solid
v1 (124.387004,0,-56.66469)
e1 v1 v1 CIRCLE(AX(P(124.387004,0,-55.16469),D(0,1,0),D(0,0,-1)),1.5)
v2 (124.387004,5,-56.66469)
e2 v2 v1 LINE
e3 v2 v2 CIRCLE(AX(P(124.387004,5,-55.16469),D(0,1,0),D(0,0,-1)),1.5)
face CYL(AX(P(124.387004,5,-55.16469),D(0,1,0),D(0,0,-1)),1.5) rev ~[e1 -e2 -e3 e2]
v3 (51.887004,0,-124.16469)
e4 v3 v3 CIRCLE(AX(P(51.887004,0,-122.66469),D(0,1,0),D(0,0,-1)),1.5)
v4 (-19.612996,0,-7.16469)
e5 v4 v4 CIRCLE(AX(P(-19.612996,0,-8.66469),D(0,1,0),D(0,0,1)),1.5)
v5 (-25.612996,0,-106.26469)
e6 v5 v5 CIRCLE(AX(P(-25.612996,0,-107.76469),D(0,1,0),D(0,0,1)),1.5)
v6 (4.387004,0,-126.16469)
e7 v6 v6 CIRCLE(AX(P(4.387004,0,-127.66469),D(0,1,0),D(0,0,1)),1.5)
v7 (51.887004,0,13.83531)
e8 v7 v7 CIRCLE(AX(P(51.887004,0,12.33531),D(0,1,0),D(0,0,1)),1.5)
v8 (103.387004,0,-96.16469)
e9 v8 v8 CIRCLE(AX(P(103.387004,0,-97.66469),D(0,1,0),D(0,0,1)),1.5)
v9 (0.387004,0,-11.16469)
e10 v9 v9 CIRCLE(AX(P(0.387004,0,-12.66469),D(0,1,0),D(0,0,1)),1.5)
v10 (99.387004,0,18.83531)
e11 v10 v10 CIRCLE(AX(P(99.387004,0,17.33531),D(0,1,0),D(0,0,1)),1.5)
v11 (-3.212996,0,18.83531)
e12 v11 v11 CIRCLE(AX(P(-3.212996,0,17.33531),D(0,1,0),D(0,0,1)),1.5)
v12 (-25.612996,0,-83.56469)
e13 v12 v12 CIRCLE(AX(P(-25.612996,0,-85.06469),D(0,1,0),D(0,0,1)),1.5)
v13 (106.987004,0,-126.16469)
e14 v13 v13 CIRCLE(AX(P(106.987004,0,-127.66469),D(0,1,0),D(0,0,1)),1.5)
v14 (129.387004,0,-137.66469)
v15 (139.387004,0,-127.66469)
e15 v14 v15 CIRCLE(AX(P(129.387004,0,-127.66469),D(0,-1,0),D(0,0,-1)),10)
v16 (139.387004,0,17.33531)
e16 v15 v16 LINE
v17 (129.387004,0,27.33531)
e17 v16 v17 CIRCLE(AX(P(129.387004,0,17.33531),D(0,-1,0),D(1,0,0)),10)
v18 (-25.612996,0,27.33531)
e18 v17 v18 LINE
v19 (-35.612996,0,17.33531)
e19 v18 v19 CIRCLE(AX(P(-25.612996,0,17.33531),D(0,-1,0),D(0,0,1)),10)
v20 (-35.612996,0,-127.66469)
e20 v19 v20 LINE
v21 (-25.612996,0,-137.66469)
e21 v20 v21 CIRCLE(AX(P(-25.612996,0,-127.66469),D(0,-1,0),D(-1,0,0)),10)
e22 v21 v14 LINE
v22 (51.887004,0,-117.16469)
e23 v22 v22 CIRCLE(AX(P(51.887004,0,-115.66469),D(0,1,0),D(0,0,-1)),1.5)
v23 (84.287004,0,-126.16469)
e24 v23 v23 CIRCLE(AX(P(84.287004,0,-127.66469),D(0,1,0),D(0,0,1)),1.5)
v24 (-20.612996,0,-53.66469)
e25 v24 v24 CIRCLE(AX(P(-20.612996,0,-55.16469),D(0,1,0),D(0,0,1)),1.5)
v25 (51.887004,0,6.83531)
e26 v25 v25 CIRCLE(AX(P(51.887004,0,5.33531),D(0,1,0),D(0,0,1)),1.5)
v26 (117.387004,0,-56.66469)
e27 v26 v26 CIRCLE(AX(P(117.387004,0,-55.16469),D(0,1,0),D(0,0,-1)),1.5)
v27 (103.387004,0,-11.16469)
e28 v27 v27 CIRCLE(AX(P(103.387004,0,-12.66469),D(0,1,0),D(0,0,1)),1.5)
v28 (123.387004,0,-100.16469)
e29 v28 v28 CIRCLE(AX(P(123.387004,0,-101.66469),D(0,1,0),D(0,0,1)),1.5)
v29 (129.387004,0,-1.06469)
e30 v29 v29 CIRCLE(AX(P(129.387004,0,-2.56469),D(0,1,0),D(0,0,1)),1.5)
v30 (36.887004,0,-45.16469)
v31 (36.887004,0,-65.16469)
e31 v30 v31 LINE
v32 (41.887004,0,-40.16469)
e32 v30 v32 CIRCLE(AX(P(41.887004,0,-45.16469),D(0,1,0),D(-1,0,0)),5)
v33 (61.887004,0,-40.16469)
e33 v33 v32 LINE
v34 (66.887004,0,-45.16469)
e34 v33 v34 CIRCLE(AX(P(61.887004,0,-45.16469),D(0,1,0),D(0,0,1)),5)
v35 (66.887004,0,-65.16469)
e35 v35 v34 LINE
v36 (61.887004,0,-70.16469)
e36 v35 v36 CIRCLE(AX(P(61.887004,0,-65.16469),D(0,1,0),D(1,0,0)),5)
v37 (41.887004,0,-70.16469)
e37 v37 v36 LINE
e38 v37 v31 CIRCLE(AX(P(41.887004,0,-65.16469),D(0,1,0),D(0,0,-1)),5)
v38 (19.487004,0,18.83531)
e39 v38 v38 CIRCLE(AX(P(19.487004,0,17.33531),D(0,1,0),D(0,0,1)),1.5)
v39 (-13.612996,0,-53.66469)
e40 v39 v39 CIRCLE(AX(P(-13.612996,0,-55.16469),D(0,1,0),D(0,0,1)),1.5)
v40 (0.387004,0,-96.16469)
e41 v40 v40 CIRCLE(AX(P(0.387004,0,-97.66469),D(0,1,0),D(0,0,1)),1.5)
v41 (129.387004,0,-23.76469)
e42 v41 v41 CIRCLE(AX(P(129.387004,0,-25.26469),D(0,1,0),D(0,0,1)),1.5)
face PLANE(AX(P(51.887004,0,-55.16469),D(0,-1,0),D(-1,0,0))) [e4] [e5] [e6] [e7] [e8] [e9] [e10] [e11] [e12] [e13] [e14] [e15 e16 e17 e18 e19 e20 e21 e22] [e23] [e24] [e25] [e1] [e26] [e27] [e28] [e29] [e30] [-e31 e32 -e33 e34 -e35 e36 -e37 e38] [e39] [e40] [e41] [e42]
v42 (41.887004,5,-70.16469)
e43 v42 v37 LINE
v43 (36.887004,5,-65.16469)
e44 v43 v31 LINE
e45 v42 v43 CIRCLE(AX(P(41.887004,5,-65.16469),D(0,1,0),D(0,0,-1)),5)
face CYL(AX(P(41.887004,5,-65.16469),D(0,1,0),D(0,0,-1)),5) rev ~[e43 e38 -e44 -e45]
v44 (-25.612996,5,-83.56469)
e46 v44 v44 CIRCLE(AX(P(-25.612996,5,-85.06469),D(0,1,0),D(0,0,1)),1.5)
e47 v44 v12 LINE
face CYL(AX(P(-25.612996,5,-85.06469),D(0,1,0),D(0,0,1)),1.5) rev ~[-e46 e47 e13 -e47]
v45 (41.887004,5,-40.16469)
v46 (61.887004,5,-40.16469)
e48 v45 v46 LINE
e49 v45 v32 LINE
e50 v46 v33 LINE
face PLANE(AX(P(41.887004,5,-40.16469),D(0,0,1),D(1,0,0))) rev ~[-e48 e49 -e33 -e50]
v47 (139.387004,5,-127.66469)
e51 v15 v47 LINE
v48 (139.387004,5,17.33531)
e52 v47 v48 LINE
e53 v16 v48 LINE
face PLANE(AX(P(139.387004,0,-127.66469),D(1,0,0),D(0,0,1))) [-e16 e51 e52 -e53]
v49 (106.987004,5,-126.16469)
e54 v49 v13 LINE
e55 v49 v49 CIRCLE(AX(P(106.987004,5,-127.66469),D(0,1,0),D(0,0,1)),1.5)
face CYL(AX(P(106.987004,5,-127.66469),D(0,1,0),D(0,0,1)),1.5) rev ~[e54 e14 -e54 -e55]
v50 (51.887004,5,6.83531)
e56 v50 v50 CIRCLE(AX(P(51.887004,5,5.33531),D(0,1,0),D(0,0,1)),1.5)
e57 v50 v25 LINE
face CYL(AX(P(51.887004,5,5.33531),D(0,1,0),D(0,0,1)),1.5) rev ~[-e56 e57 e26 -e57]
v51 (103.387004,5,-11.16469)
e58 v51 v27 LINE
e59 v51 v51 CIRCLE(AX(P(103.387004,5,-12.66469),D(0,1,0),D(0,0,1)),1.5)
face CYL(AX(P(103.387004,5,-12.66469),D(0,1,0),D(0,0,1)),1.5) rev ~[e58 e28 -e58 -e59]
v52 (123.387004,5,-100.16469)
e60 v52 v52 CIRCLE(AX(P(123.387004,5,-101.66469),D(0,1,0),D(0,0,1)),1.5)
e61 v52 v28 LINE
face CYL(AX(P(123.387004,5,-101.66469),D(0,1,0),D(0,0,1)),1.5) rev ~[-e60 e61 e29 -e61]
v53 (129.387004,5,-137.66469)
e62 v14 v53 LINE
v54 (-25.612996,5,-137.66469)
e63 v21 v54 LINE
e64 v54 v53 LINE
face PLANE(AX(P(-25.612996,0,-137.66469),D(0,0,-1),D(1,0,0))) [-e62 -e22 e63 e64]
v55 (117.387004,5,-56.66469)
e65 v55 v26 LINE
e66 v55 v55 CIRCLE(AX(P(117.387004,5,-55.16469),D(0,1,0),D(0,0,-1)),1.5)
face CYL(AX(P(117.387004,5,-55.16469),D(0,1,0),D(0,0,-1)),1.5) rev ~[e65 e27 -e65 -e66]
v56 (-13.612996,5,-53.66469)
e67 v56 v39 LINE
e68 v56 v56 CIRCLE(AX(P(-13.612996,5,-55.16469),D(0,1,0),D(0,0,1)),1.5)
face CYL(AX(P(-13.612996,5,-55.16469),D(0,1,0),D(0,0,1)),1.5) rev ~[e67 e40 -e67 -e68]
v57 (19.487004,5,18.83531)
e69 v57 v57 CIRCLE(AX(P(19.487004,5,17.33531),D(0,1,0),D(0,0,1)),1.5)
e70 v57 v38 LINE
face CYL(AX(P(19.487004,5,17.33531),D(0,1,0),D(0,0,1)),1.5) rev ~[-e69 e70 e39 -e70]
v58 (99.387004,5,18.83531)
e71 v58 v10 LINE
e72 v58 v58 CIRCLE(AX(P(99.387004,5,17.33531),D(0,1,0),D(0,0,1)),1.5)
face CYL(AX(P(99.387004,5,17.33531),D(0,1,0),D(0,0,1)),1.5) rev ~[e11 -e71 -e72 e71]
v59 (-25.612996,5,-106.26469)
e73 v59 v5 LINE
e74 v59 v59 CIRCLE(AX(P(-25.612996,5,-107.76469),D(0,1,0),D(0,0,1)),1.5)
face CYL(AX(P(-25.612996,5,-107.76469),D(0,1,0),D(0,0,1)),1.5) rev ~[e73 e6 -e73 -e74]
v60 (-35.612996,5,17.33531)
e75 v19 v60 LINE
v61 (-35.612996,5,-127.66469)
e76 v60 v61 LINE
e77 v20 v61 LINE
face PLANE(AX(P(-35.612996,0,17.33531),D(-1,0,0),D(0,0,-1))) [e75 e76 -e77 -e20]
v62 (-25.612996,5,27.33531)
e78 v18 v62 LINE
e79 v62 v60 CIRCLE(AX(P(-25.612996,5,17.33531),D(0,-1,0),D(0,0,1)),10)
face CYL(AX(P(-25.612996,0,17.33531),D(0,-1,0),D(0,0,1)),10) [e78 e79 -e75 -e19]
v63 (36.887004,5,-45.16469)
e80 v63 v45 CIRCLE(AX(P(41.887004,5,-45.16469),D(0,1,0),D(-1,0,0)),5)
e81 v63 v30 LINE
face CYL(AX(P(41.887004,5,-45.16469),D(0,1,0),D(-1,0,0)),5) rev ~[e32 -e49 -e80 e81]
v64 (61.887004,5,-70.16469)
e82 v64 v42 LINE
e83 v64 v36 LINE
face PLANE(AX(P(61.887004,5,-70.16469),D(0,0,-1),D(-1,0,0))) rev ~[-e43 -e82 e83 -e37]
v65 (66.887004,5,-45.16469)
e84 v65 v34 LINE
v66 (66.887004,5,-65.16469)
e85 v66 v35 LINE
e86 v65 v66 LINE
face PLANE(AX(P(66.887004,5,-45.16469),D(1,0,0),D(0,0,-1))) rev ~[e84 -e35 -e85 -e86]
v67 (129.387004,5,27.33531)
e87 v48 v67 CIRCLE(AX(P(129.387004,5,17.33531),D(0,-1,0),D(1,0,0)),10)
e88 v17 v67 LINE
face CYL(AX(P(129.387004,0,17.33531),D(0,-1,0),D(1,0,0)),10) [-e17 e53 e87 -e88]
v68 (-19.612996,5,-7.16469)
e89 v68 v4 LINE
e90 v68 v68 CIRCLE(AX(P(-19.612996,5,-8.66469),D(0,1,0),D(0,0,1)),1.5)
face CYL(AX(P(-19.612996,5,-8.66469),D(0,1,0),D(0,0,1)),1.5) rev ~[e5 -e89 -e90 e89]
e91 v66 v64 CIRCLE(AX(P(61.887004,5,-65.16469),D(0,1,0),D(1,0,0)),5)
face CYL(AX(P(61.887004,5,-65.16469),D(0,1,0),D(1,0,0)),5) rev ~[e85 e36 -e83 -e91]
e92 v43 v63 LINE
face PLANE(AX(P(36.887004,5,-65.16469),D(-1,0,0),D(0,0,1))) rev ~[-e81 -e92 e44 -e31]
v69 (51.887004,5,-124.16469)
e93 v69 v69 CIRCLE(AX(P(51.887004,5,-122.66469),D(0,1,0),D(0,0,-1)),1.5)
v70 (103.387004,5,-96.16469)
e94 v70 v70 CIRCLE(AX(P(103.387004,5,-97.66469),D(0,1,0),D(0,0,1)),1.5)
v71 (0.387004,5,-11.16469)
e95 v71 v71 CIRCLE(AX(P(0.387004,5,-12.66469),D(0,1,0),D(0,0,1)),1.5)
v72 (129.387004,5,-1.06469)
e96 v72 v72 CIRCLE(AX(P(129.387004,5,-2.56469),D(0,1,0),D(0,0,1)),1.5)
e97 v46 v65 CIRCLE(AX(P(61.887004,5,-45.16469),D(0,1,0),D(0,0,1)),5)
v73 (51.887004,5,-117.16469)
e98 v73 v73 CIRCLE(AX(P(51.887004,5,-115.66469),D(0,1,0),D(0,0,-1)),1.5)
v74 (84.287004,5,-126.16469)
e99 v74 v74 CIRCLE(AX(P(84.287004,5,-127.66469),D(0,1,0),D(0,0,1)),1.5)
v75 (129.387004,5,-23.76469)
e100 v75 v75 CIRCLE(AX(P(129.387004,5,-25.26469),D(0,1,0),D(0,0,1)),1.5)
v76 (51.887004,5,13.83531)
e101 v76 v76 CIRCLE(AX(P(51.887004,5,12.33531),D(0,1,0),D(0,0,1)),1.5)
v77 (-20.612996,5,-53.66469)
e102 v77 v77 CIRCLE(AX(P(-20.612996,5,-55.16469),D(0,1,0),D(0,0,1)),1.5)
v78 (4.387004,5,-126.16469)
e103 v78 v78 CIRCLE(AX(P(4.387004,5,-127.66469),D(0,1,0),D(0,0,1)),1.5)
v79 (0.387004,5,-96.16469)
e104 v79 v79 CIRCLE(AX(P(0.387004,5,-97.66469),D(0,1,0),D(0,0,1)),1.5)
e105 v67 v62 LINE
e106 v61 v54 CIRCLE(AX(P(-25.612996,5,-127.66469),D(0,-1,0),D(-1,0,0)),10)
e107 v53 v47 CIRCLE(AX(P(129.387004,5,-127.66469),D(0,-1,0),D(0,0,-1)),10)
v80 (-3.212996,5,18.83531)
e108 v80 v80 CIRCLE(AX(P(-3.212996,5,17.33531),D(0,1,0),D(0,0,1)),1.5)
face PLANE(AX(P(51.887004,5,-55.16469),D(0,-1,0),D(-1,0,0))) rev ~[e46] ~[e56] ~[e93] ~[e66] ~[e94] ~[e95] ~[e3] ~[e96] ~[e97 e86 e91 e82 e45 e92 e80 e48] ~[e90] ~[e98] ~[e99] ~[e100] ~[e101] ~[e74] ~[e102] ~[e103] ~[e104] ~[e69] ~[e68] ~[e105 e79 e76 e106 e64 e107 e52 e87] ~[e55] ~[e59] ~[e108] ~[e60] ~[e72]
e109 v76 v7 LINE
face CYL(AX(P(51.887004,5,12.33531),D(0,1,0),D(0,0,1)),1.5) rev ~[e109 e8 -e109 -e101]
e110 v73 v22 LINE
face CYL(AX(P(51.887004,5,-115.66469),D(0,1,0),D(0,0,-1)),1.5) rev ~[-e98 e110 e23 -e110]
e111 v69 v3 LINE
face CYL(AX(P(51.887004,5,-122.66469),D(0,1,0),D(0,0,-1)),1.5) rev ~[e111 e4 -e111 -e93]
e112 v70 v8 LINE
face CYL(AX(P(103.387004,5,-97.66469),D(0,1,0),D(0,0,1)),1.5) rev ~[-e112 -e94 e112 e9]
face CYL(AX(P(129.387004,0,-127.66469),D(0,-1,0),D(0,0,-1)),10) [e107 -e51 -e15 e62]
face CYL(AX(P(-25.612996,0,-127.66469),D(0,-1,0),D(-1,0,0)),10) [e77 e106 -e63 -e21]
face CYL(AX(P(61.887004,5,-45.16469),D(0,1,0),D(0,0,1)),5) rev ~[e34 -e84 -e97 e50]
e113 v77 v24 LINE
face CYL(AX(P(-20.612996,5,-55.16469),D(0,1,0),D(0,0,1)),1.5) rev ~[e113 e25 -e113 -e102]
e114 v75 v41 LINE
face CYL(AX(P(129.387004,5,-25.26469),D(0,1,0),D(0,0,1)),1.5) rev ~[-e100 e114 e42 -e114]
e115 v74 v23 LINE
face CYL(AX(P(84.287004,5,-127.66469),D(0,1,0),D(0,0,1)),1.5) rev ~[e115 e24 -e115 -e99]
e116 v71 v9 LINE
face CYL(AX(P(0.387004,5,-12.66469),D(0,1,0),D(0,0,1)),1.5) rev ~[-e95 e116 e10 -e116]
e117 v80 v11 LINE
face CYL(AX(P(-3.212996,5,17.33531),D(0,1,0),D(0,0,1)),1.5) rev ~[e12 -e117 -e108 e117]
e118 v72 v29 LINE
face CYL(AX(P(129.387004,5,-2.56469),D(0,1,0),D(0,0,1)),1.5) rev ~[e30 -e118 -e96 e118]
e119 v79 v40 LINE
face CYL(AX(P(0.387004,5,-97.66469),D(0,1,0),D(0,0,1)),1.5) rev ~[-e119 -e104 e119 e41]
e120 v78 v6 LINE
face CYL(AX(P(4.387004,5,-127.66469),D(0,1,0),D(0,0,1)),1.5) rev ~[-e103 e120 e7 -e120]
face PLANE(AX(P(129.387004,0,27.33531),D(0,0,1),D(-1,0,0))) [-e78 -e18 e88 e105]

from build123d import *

# Parameters (mm, degrees)
RESSALTO_EXTRUS_O1_DEPTH = 5
ESBO_O2_R                = 1.5
CORTE_EXTRUS_O1_DEPTH    = 10
ESBO_O3_R                = 1.5
CORTE_EXTRUS_O2_DEPTH    = 15
ESBO_O4_R                = 1.5
CORTE_EXTRUS_O3_DEPTH    = 10
CORTE_EXTRUS_O4_DEPTH    = 10
ESBO_O6_R                = 1.5
CORTE_EXTRUS_O5_DEPTH    = 10


with BuildPart() as part:
    # Esboço1 → Ressalto-extrusão1 (new body)
    with BuildSketch(Plane(origin=(0, 0, 0), x_dir=(1, 0, 0), z_dir=(0, 1, 0))):
        with BuildLine():
            Line((-25.612995536, 137.664689841), (129.387004464, 137.664689841))
            ThreePointArc((129.387004464, 137.664689841), (136.458072276, 134.735757653), (139.387004464, 127.664689841))
            Line((139.387004464, 127.664689841), (139.387004464, -17.335310159))
            ThreePointArc((139.387004464, -17.335310159), (136.458072276, -24.406377971), (129.387004464, -27.335310159))
            Line((129.387004464, -27.335310159), (-25.612995536, -27.335310159))
            ThreePointArc((-25.612995536, -27.335310159), (-32.684063348, -24.406377971), (-35.612995536, -17.335310159))
            Line((-35.612995536, -17.335310159), (-35.612995536, 127.664689841))
            ThreePointArc((-35.612995536, 127.664689841), (-32.684063348, 134.735757653), (-25.612995536, 137.664689841))
        make_face()
    extrude(amount=RESSALTO_EXTRUS_O1_DEPTH)

    # Esboço2 → Corte-extrusão1 (cut)
    with BuildSketch(Plane(origin=(0, 5, 0), x_dir=(1, 0, 0), z_dir=(0, 1, 0))):
        with Locations(Location((0.387004464, 97.664689841, 0), (0, 0, 270))):
            Circle(ESBO_O2_R)
        with Locations(Location((103.387004464, 97.664689841, 0), (0, 0, 270))):
            Circle(ESBO_O2_R)
        with Locations(Location((0.387004464, 12.664689841, 0), (0, 0, 270))):
            Circle(ESBO_O2_R)
        with Locations(Location((103.387004464, 12.664689841, 0), (0, 0, 270))):
            Circle(ESBO_O2_R)
    extrude(amount=-CORTE_EXTRUS_O1_DEPTH, mode=Mode.SUBTRACT)

    # Esboço3 → Corte-extrusão2 (cut)
    with BuildSketch(Plane(origin=(0, 5, 0), x_dir=(1, 0, 0), z_dir=(0, 1, 0))):
        with Locations(Location((51.887004464, -5.335310159, 0), (0, 0, 270))):
            Circle(ESBO_O3_R)
        with Locations(Location((51.887004464, -12.335310159, 0), (0, 0, 270))):
            Circle(ESBO_O3_R)
        with Locations(Location((-20.612995536, 55.164689841, 0), (0, 0, 270))):
            Circle(ESBO_O3_R)
        with Locations(Location((-13.612995536, 55.164689841, 0), (0, 0, 270))):
            Circle(ESBO_O3_R)
        with Locations(Location((51.887004464, 122.664689841, 0), (0, 0, 90))):
            Circle(ESBO_O3_R)
        with Locations(Location((51.887004464, 115.664689841, 0), (0, 0, 90))):
            Circle(ESBO_O3_R)
        with Locations(Location((124.387004464, 55.164689841, 0), (0, 0, 90))):
            Circle(ESBO_O3_R)
        with Locations(Location((117.387004464, 55.164689841, 0), (0, 0, 90))):
            Circle(ESBO_O3_R)
    extrude(amount=-CORTE_EXTRUS_O2_DEPTH, mode=Mode.SUBTRACT)

    # Esboço4 → Corte-extrusão3 (cut)
    with BuildSketch(Plane(origin=(0, 5, 0), x_dir=(1, 0, 0), z_dir=(0, 1, 0))):
        with Locations(Location((-3.212995536, -17.335310159, 0), (0, 0, 270))):
            Circle(ESBO_O4_R)
        with Locations(Location((19.487004464, -17.335310159, 0), (0, 0, 270))):
            Circle(ESBO_O4_R)
        with Locations(Location((-25.612995536, 107.764689841, 0), (0, 0, 270))):
            Circle(ESBO_O4_R)
        with Locations(Location((-25.612995536, 85.064689841, 0), (0, 0, 270))):
            Circle(ESBO_O4_R)
        with Locations(Location((106.987004464, 127.664689841, 0), (0, 0, 270))):
            Circle(ESBO_O4_R)
        with Locations(Location((84.287004464, 127.664689841, 0), (0, 0, 270))):
            Circle(ESBO_O4_R)
        with Locations(Location((129.387004464, 2.564689841, 0), (0, 0, 270))):
            Circle(ESBO_O4_R)
        with Locations(Location((129.387004464, 25.264689841, 0), (0, 0, 270))):
            Circle(ESBO_O4_R)
    extrude(amount=-CORTE_EXTRUS_O3_DEPTH, mode=Mode.SUBTRACT)

    # Esboço5 → Corte-extrusão4 (cut)
    with BuildSketch(Plane(origin=(0, 5, 0), x_dir=(1, 0, 0), z_dir=(0, 1, 0))):
        with BuildLine():
            Line((41.887004464, 40.164689841), (61.887004464, 40.164689841))
            ThreePointArc((61.887004464, 40.164689841), (65.42253837, 41.629155935), (66.887004464, 45.164689841))
            Line((66.887004464, 45.164689841), (66.887004464, 65.164689841))
            ThreePointArc((66.887004464, 65.164689841), (65.42253837, 68.700223747), (61.887004464, 70.164689841))
            Line((61.887004464, 70.164689841), (41.887004464, 70.164689841))
            ThreePointArc((41.887004464, 70.164689841), (38.351470558, 68.700223747), (36.887004464, 65.164689841))
            Line((36.887004464, 65.164689841), (36.887004464, 45.164689841))
            ThreePointArc((36.887004464, 45.164689841), (38.351470558, 41.629155935), (41.887004464, 40.164689841))
        make_face()
    extrude(amount=-CORTE_EXTRUS_O4_DEPTH, mode=Mode.SUBTRACT)

    # Esboço6 → Corte-extrusão5 (cut)
    with BuildSketch(Plane(origin=(0, 5, 0), x_dir=(1, 0, 0), z_dir=(0, 1, 0))):
        with Locations(Location((-19.612995536, 8.664689841, 0), (0, 0, 270))):
            Circle(ESBO_O6_R)
        with Locations(Location((123.387004464, 101.664689841, 0), (0, 0, 270))):
            Circle(ESBO_O6_R)
        with Locations(Location((4.387004464, 127.664689841, 0), (0, 0, 270))):
            Circle(ESBO_O6_R)
        with Locations(Location((99.387004464, -17.335310159, 0), (0, 0, 270))):
            Circle(ESBO_O6_R)
    extrude(amount=-CORTE_EXTRUS_O5_DEPTH, mode=Mode.SUBTRACT)


solid = part.part
